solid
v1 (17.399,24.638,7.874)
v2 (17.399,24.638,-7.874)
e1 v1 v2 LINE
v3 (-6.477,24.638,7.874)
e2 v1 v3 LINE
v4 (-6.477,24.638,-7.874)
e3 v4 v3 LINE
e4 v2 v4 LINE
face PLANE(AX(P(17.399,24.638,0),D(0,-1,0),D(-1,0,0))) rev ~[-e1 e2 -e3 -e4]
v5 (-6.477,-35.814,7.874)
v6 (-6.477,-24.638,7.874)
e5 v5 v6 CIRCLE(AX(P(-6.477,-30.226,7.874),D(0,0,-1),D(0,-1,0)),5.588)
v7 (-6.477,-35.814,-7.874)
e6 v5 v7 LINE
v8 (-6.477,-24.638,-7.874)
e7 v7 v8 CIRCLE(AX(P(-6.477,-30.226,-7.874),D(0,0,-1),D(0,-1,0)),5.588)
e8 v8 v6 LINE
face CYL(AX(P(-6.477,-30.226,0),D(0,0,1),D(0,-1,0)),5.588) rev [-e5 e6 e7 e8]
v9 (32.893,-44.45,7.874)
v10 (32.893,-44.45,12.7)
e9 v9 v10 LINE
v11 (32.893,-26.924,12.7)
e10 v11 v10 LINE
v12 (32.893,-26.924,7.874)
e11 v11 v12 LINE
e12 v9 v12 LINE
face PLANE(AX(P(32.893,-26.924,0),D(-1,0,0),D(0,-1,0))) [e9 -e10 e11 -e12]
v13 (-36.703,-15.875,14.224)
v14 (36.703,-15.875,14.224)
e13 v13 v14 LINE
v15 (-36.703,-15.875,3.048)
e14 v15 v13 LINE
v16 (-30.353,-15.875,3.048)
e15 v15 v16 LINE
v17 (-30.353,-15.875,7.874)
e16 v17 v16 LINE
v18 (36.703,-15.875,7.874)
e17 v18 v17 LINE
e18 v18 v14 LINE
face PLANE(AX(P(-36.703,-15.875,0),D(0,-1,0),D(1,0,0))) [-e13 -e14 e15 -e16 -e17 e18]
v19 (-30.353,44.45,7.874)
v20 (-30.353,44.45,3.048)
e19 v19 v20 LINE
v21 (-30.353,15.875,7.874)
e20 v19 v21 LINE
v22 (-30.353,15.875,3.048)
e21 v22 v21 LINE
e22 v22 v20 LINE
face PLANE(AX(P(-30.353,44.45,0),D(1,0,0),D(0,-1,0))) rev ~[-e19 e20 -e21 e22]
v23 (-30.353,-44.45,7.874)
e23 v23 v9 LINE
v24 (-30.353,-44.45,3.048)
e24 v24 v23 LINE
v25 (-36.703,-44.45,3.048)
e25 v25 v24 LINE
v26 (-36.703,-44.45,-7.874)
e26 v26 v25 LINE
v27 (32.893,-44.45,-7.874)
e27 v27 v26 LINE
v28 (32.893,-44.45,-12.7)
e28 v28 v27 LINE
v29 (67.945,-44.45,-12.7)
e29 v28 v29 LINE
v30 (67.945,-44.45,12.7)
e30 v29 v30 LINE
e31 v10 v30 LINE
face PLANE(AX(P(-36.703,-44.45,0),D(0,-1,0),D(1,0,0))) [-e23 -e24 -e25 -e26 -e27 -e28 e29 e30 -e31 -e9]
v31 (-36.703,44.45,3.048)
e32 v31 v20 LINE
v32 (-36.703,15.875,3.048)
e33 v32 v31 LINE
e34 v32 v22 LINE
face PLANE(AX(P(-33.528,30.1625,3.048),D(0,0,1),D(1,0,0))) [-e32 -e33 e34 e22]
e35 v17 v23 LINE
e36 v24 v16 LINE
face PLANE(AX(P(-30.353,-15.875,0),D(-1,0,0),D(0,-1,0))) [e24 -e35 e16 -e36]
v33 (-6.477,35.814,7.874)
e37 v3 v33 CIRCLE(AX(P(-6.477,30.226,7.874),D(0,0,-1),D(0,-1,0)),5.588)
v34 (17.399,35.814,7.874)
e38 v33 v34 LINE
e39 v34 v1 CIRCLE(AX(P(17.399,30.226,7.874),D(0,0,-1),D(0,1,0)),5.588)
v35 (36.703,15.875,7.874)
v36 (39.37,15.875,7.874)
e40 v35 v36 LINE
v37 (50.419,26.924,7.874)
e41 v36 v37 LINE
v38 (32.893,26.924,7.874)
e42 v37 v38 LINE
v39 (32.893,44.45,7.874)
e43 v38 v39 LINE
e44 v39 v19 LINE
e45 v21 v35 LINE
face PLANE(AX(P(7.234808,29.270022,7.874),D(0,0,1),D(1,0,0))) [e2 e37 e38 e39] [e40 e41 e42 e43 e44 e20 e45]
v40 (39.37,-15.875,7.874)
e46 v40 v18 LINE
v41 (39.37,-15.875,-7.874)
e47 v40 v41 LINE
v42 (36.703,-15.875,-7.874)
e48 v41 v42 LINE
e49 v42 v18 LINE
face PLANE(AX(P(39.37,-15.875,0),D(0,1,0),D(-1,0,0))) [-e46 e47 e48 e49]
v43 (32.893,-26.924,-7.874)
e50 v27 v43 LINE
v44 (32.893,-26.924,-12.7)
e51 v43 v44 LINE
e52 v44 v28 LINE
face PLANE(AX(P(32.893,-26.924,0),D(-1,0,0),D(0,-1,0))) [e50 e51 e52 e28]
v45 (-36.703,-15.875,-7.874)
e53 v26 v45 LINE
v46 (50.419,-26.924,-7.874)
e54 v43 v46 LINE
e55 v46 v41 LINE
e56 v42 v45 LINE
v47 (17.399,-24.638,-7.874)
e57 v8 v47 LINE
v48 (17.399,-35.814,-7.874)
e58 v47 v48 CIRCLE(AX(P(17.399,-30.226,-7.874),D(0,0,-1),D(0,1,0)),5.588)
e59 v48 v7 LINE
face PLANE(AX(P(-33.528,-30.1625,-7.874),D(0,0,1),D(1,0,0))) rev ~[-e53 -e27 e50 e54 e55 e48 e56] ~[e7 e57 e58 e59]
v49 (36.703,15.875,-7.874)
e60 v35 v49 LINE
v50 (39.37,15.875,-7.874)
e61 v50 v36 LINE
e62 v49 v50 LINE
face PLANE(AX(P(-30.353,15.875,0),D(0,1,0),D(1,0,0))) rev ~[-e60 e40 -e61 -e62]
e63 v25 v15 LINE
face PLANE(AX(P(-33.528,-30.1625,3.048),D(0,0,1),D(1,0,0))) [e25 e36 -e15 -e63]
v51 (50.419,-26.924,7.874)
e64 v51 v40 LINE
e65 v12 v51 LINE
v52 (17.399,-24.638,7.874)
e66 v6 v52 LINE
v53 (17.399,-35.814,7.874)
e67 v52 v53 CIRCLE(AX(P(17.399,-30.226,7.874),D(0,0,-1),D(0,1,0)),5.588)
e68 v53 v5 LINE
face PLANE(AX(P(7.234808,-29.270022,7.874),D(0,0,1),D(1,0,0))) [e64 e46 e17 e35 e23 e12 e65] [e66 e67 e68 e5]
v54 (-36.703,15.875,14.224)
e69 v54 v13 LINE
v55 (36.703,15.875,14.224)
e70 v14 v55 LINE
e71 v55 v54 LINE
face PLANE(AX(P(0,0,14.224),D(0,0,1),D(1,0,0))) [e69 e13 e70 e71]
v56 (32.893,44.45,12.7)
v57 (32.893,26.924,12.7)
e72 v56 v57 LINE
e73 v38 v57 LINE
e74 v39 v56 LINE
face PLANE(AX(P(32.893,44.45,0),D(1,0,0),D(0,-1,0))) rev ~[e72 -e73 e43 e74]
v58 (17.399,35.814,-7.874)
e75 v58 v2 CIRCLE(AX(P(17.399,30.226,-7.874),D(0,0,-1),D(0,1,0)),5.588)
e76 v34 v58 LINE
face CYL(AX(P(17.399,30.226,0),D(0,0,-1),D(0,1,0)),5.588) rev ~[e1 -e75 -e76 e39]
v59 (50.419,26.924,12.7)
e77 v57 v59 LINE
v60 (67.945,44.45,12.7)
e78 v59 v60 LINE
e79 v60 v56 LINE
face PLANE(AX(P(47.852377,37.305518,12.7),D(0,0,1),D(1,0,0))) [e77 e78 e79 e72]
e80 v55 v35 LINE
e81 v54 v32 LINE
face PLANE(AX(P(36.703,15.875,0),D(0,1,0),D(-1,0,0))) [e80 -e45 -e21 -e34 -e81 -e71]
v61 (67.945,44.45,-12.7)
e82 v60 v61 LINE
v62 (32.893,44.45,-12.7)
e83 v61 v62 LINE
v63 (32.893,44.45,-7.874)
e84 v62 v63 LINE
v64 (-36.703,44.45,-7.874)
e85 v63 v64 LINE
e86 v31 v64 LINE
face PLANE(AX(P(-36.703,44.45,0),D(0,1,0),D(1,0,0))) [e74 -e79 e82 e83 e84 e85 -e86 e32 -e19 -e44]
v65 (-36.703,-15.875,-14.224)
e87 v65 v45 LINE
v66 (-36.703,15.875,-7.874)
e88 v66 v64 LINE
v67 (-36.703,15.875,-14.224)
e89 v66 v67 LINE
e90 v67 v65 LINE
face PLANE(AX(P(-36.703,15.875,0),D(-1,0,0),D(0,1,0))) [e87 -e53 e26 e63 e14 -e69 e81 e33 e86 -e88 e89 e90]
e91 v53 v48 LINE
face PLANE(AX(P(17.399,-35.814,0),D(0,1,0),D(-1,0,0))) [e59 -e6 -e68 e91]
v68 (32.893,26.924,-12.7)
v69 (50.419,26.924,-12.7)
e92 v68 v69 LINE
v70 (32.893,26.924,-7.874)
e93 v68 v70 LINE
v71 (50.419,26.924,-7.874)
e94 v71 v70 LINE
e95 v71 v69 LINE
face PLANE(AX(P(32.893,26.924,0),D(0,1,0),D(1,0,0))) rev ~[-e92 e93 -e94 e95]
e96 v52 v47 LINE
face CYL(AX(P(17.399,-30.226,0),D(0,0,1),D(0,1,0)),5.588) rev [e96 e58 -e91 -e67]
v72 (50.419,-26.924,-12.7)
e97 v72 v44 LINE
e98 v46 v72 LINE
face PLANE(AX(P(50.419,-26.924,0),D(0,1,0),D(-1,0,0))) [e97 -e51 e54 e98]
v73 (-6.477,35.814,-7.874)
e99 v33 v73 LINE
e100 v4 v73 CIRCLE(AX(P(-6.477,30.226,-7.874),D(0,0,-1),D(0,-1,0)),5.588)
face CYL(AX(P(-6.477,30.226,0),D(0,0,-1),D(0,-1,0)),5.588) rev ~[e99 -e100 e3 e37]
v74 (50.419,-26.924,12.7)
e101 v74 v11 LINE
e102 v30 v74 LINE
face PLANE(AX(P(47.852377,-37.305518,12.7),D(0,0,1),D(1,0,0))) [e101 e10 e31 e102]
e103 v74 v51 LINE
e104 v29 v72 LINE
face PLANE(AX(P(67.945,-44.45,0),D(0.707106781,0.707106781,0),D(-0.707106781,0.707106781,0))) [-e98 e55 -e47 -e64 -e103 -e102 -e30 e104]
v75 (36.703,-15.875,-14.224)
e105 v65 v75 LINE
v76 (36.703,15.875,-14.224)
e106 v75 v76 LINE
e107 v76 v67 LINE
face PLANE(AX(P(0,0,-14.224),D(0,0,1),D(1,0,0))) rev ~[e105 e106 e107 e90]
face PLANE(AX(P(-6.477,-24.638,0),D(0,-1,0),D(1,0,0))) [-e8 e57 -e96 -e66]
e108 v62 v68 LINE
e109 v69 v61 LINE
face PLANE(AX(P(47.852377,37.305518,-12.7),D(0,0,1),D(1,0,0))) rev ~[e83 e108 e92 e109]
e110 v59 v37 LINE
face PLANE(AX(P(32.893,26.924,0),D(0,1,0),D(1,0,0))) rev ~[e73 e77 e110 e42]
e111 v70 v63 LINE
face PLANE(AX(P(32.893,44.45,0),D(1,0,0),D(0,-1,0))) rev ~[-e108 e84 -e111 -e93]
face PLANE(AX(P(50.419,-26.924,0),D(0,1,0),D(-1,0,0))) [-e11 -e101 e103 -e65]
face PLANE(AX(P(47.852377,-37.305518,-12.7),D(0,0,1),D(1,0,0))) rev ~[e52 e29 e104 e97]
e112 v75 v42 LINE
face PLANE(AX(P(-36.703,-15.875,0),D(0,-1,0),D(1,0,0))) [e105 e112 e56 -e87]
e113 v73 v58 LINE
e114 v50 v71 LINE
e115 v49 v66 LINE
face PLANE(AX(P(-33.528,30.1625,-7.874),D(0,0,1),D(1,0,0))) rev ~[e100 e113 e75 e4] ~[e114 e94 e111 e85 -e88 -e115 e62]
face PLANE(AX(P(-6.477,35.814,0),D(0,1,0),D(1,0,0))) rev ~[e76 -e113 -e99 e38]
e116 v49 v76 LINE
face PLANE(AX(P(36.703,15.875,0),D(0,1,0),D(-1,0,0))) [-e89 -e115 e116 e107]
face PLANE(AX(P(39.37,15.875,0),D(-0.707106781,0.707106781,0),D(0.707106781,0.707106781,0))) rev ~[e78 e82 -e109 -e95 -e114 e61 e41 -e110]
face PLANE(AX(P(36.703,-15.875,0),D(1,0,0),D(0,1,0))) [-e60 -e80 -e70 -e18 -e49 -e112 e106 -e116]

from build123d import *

# Parameters (mm, degrees)
F1_DEPTH = 14.224
F2_DEPTH = 7.874
F3_DEPTH = 12.7
F0_W     = 6.35
F0_H     = 28.575
F4_DEPTH = 7.874
F5_DEPTH = 3.048


with BuildPart() as f1:
    # F0 (on Top) → F1 (new body, symmetric)
    with BuildSketch(Plane.XY):
        Polygon((-30.353, 15.875), (-36.703, 15.875), (-36.703, -15.875), (-30.353, -15.875), (36.703, -15.875), (36.703, 15.875), align=None)
    extrude(amount=F1_DEPTH, both=True)

    # F0 (on Top) → F2 (join, symmetric)
    with BuildSketch(Plane.XY):
        Polygon((-30.353, 44.45), (-30.353, 15.875), (36.703, 15.875), (39.37, 15.875), (50.419, 26.924), (32.893, 26.924), (32.893, 44.45), align=None)
        with BuildLine():
            ThreePointArc((-6.477, 24.638), (-12.065, 30.226), (-6.477, 35.814))
            Line((-6.477, 35.814), (17.399, 35.814))
            ThreePointArc((17.399, 35.814), (22.987, 30.226), (17.399, 24.638))
            Line((17.399, 24.638), (-6.477, 24.638))
        make_face(mode=Mode.SUBTRACT)
        Polygon((36.703, -15.875), (-30.353, -15.875), (-30.353, -44.45), (32.893, -44.45), (32.893, -26.924), (50.419, -26.924), (39.37, -15.875), align=None)
        with BuildLine():
            Line((-6.477, -24.638), (17.399, -24.638))
            ThreePointArc((17.399, -24.638), (22.987, -30.226), (17.399, -35.814))
            Line((17.399, -35.814), (-6.477, -35.814))
            ThreePointArc((-6.477, -35.814), (-12.065, -30.226), (-6.477, -24.638))
        make_face(mode=Mode.SUBTRACT)
    extrude(amount=F2_DEPTH, both=True)

    # F0 (on Top) → F3 (join, symmetric)
    with BuildSketch(Plane.XY):
        Polygon((67.945, 44.45), (32.893, 44.45), (32.893, 26.924), (50.419, 26.924), align=None)
        Polygon((32.893, -26.924), (32.893, -44.45), (67.945, -44.45), (50.419, -26.924), align=None)
    extrude(amount=F3_DEPTH, both=True)

    # F0 (on Top) → F4 (join)
    with BuildSketch(Plane.XY):
        with Locations((-33.528, 30.1625)):
            Rectangle(F0_W, F0_H)
        with Locations((-33.528, -30.1625)):
            Rectangle(F0_W, F0_H)
    extrude(amount=-F4_DEPTH)

    # F0 (on Top) → F5 (join)
    with BuildSketch(Plane.XY):
        with Locations((-33.528, 30.1625)):
            Rectangle(F0_W, F0_H)
        with Locations((-33.528, -30.1625)):
            Rectangle(F0_W, F0_H)
    extrude(amount=F5_DEPTH)


solid = f1.part
